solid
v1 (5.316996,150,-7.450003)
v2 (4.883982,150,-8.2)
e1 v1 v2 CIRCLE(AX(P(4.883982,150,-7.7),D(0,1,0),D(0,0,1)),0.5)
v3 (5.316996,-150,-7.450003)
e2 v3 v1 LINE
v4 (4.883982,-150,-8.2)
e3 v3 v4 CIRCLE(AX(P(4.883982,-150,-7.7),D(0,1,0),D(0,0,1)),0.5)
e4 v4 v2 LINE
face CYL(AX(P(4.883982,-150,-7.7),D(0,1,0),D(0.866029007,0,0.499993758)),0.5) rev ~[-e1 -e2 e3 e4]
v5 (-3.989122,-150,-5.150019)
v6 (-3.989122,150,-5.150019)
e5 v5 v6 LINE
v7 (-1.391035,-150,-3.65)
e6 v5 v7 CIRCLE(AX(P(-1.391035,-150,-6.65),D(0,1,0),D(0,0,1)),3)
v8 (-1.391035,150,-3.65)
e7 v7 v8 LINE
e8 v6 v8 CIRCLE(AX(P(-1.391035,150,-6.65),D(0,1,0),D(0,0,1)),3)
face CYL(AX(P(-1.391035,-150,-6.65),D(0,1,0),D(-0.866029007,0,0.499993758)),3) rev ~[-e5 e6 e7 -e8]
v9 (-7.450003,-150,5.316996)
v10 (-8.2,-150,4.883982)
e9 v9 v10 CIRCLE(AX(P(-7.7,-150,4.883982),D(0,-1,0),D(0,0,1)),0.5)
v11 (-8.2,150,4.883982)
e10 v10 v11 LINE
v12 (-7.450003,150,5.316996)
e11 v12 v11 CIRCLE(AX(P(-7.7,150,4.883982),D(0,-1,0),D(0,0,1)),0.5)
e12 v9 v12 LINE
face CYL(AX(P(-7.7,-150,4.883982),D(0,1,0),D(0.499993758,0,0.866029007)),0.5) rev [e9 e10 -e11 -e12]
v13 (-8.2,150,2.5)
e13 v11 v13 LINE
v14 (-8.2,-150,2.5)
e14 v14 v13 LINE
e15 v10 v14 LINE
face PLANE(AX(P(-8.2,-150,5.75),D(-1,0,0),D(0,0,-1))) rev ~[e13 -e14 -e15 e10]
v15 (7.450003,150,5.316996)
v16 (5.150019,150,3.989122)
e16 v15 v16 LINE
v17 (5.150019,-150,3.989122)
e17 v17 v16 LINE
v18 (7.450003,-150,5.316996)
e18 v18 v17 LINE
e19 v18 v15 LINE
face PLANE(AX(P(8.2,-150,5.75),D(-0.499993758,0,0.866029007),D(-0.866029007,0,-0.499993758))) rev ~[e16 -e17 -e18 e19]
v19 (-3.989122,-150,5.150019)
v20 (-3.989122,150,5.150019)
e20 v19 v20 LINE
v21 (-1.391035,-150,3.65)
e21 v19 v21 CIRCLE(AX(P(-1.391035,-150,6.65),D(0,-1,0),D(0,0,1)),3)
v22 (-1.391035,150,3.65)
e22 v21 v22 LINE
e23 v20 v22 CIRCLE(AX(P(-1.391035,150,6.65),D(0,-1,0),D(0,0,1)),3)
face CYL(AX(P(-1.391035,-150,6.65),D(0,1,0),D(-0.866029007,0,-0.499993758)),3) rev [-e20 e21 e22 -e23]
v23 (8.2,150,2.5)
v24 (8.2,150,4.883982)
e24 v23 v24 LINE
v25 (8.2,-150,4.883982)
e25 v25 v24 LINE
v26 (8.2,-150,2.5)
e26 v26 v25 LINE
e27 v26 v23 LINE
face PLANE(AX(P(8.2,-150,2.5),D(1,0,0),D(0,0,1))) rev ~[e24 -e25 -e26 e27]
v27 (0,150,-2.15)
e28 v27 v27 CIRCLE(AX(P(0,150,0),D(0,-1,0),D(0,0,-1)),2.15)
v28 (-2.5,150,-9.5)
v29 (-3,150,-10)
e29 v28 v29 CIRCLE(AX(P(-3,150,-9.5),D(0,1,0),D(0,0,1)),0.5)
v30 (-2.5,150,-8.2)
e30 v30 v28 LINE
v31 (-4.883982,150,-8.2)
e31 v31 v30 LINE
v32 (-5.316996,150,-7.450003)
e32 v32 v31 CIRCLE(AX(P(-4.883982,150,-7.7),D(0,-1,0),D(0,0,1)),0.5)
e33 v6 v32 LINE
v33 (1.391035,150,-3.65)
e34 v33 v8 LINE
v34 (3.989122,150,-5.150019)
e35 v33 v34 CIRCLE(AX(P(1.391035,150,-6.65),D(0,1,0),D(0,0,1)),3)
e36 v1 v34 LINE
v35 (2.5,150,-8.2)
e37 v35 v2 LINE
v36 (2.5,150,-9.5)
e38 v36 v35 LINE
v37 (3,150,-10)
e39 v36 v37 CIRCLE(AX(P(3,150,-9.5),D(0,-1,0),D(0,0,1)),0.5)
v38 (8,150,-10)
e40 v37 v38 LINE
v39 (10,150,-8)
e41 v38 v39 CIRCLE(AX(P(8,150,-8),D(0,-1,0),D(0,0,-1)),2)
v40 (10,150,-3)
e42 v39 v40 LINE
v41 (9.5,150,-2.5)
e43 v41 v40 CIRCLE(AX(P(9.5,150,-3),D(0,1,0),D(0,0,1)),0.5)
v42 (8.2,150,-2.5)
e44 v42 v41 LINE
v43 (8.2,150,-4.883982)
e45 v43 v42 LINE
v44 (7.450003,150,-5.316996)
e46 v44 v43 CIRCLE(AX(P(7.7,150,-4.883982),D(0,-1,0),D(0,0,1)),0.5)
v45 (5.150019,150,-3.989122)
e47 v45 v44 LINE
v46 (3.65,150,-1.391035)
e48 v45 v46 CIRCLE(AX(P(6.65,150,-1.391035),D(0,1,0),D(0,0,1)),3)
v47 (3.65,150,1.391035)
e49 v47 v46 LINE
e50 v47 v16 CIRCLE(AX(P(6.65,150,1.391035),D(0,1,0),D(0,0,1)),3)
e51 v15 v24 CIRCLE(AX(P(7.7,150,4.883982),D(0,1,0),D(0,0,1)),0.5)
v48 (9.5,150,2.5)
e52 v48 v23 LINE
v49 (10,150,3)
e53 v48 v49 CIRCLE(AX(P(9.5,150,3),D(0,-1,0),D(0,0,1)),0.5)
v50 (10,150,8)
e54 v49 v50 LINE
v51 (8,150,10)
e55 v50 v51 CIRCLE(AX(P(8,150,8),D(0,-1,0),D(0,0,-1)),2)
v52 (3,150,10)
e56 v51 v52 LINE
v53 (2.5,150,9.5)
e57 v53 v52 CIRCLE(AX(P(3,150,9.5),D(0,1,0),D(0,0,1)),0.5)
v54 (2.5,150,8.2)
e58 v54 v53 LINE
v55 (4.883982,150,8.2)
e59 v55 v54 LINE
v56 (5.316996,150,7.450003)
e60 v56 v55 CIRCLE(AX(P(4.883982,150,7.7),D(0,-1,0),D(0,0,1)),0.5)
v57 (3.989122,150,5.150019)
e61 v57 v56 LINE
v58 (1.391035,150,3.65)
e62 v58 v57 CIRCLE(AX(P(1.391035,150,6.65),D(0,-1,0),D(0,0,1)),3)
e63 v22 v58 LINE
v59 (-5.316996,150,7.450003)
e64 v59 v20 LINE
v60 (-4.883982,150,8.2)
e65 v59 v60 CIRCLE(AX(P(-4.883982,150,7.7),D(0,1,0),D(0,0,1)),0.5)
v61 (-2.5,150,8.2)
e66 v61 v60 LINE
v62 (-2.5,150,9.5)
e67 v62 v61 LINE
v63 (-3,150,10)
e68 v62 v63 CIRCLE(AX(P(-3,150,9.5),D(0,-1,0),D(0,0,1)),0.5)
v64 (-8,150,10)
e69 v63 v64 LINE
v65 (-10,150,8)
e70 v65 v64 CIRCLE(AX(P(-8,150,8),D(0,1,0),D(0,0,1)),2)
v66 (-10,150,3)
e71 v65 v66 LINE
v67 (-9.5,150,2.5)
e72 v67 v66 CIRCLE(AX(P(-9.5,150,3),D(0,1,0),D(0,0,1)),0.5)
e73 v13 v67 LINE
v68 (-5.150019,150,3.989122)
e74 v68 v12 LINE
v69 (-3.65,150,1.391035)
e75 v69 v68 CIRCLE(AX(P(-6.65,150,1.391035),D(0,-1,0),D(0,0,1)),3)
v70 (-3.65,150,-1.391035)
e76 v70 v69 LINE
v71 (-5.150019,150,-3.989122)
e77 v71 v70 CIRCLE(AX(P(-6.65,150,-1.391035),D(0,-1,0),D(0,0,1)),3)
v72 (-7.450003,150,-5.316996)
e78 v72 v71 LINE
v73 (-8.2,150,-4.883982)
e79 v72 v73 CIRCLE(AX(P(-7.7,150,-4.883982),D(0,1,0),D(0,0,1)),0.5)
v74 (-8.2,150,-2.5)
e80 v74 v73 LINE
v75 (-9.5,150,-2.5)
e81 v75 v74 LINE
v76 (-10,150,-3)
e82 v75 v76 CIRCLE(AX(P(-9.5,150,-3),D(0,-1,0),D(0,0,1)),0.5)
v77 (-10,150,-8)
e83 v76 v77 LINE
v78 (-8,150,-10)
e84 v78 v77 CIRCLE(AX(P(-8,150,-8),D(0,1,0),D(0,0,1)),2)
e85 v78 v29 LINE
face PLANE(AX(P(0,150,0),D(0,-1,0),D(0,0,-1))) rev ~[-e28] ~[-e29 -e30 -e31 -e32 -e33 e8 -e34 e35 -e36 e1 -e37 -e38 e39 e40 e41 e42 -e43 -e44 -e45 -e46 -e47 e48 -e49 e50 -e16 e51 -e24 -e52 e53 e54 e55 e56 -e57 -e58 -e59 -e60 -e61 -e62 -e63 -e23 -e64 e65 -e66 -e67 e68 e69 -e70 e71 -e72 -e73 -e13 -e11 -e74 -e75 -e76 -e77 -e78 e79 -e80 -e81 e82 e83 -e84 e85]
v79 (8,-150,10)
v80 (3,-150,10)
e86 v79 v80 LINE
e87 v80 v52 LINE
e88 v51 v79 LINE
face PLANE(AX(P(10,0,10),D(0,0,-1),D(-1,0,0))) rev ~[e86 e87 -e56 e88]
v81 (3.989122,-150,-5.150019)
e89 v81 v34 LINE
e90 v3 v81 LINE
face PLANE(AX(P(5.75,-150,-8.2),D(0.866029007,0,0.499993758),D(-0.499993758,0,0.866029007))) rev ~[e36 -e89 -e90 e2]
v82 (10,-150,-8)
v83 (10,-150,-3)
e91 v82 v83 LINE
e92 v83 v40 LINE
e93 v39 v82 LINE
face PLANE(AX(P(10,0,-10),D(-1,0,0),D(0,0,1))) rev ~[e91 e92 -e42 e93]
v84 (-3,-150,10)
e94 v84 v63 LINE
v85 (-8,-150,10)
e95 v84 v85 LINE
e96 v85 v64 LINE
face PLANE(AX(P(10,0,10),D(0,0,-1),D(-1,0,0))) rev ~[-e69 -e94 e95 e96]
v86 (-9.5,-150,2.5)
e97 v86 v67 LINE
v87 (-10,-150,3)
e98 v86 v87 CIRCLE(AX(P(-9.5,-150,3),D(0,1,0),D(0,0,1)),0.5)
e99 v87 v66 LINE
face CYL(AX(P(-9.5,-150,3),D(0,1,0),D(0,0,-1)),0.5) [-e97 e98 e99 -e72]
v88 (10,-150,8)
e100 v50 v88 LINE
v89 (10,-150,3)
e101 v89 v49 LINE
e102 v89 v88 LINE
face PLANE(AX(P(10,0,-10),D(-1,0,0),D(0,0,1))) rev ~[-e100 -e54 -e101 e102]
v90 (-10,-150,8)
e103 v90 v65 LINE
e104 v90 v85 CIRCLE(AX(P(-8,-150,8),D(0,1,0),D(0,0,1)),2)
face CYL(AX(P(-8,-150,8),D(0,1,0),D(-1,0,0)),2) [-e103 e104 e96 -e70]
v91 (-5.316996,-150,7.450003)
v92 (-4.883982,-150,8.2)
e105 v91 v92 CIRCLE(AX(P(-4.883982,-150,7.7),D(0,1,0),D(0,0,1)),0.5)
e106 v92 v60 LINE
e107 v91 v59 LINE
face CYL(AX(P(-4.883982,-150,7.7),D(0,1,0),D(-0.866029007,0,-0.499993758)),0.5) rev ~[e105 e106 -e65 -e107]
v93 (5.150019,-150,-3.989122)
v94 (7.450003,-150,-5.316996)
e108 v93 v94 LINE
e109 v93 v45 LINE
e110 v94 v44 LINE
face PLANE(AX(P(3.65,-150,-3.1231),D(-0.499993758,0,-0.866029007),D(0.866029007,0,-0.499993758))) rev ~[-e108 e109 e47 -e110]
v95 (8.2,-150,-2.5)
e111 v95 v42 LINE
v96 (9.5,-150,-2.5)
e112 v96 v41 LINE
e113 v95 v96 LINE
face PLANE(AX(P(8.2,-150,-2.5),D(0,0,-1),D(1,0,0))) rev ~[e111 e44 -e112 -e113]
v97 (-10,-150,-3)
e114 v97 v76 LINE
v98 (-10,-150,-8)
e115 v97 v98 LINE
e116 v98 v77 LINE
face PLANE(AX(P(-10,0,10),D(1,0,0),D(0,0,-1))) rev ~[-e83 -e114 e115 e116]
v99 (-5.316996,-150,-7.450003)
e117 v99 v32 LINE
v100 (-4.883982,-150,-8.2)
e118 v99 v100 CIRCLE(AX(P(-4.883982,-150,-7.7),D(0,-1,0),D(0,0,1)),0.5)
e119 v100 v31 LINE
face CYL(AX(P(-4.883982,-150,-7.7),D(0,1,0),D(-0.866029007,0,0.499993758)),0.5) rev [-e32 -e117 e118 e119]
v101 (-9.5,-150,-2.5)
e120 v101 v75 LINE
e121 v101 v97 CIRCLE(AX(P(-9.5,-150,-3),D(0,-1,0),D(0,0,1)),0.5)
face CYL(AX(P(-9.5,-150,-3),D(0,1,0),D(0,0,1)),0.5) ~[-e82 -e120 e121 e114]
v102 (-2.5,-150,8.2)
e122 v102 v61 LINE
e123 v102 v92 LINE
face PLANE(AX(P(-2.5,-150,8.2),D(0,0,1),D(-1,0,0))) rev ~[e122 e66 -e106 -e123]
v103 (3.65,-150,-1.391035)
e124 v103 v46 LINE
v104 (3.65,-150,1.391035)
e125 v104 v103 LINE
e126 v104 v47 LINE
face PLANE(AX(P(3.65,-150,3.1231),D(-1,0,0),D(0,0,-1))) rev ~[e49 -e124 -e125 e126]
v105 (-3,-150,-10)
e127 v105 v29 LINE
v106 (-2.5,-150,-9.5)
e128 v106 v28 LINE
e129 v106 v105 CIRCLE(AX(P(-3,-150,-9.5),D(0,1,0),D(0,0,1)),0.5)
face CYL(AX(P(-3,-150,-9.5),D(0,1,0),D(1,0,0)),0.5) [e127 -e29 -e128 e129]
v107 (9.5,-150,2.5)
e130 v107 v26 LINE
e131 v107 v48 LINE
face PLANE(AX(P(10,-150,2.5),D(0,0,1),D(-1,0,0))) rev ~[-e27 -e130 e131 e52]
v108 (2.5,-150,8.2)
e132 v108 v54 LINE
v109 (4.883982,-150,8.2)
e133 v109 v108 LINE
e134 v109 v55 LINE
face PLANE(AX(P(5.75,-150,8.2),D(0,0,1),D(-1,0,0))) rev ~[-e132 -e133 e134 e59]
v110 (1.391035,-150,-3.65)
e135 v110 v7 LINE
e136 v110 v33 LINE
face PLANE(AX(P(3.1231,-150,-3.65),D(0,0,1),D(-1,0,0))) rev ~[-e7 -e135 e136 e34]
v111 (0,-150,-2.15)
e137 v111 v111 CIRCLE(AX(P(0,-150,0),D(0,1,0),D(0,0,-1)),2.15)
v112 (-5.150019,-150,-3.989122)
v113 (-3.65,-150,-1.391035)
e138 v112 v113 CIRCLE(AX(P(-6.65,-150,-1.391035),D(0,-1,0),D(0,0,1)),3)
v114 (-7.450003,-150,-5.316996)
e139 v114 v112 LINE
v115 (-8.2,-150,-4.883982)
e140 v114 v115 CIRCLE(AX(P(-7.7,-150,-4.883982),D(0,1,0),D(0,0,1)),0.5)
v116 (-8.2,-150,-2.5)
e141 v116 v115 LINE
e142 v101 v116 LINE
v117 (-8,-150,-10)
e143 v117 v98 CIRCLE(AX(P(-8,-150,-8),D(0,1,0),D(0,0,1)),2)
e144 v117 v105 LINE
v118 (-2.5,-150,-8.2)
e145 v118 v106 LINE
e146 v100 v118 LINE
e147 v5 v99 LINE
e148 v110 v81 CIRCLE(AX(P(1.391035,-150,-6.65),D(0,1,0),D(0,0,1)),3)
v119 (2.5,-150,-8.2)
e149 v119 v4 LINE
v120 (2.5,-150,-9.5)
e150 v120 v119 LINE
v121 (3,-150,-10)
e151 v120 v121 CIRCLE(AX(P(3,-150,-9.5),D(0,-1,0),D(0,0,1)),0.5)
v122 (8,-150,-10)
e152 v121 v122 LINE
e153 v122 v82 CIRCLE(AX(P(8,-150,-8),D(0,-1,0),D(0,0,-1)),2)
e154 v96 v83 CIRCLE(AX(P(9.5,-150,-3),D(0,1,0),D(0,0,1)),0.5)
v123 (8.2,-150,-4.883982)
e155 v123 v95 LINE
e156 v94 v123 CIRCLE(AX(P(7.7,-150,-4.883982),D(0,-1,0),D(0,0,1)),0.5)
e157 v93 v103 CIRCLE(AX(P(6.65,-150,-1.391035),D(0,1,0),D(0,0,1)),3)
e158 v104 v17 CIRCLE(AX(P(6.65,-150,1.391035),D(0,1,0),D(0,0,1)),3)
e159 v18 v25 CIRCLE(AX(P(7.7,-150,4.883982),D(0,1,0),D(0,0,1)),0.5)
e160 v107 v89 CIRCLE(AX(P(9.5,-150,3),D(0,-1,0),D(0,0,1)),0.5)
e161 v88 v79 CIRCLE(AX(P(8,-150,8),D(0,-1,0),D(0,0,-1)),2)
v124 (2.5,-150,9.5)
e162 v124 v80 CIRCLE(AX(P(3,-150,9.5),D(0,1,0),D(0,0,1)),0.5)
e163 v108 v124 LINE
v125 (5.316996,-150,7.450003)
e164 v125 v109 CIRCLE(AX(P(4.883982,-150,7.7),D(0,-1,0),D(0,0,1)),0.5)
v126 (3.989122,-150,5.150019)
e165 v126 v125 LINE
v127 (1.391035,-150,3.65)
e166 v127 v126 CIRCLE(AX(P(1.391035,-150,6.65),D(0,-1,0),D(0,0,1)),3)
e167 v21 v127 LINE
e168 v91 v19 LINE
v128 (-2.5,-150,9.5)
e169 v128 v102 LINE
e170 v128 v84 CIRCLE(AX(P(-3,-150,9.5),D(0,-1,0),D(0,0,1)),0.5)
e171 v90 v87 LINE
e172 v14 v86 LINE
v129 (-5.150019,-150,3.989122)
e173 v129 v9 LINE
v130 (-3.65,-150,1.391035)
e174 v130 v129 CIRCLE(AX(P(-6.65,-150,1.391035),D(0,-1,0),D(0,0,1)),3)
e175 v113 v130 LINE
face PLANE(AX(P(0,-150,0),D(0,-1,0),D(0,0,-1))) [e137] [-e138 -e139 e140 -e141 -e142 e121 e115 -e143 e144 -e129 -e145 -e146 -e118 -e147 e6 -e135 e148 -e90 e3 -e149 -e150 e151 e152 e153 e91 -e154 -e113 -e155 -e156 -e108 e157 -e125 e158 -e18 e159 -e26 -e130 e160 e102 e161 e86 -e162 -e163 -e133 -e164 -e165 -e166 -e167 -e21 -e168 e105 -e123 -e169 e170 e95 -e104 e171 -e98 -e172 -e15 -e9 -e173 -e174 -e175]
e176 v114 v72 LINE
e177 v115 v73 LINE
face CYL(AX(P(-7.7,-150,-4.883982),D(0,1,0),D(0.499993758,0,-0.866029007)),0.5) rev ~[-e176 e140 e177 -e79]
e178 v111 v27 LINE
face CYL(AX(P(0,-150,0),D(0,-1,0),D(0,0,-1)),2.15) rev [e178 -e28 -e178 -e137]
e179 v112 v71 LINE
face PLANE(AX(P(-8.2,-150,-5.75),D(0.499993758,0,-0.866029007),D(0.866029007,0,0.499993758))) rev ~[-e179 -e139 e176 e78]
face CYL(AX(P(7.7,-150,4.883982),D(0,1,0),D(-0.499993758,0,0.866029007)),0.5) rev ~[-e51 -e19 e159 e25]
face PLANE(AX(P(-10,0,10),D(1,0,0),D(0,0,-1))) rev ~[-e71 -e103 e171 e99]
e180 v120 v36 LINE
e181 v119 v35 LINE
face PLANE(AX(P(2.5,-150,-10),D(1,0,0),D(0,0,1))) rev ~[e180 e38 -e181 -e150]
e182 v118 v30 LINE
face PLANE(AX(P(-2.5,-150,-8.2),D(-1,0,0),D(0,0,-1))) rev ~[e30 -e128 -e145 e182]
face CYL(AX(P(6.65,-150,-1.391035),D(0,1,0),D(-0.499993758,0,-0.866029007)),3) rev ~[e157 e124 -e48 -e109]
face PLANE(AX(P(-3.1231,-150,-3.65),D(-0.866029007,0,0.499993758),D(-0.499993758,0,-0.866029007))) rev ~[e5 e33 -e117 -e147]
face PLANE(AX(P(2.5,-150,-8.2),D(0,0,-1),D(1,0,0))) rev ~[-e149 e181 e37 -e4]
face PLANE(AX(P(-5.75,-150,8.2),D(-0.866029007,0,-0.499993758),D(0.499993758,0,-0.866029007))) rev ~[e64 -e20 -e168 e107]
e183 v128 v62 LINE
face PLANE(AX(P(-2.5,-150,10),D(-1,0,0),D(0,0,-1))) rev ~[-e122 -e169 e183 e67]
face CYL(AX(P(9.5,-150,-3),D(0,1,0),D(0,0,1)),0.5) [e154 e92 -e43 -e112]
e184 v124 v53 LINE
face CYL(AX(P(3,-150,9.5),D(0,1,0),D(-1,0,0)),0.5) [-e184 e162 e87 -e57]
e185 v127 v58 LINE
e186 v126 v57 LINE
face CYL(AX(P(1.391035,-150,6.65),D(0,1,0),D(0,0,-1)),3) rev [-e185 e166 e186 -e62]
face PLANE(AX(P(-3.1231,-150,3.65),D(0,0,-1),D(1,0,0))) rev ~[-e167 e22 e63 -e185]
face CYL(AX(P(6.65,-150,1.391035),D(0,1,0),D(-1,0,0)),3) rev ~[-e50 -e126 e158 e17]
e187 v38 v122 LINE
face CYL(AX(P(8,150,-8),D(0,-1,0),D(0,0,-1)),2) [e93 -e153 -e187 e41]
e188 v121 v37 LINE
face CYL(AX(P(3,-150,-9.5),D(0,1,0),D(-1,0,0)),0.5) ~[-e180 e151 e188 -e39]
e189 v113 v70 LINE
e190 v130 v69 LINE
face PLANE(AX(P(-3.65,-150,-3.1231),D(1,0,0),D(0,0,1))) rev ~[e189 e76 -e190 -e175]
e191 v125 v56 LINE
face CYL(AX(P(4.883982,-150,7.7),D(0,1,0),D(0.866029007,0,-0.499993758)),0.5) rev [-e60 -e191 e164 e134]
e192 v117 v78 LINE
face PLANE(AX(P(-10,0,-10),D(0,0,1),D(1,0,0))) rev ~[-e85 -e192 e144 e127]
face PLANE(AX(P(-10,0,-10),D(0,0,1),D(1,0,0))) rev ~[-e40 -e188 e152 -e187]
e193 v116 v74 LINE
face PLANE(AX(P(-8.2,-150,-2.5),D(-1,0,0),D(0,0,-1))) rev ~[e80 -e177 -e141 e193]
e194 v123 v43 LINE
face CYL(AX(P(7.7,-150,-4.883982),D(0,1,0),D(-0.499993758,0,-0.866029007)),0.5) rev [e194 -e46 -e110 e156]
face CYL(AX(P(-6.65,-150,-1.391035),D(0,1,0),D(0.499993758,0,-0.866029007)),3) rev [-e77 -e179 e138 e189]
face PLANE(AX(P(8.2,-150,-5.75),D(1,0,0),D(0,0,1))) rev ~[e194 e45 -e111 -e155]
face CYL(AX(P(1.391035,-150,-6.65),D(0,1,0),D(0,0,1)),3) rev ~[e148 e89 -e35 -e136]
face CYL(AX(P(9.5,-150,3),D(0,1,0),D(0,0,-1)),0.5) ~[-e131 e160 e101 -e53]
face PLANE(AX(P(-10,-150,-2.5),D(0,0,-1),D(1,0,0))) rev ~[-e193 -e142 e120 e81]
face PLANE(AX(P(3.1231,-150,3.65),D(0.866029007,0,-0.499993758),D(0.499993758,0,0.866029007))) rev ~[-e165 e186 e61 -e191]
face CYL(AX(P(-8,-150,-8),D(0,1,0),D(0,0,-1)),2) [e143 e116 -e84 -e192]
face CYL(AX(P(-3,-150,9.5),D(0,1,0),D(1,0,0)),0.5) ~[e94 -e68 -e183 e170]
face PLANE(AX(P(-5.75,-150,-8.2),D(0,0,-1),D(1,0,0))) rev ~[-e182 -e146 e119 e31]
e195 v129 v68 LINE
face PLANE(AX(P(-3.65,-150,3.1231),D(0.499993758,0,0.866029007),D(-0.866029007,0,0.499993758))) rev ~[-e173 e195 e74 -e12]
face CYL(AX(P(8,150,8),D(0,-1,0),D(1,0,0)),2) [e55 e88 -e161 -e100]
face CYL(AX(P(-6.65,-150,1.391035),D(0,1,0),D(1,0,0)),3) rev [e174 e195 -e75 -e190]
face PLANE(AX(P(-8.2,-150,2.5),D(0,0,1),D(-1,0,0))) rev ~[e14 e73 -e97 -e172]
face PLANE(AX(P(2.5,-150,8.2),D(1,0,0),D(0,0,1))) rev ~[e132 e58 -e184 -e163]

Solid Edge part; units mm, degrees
sketch "Sketch1" plane through (0, 0, 0) normal (0, -1, 0) x (1, 0, 0)
  line L0 (-10, -10) -> (10, -10)
  line L1 (10, -10) -> (10, 10)
  line L2 (10, 10) -> (-10, 10)
  line L3 (-10, 10) -> (-10, -10)
  dimension "D1" = 20
  dimension "D2" = 20
extrude "Protrusion1" add sketch "Sketch1" along normal mid plane 300
sketch "Sketch2" plane through (0, -150, 0) normal (0, -1, 0) x (1, 0, 0)
  line L0 (-2.5, 10) -> (-2.5, 8.2)
  line L1 (-2.5, 8.2) -> (-5.75, 8.2)
  line L2 (-5.75, 8.2) -> (-3.1231, 3.65)
  line L3 (-3.1231, 3.65) -> (3.1231, 3.65)
  line L4 (3.1231, 3.65) -> (5.75, 8.2)
  line L5 (5.75, 8.2) -> (2.5, 8.2)
  line L6 (2.5, 8.2) -> (2.5, 10)
  line L7 (2.5, 10) -> (-2.5, 10)
  dimension "D1" = 11.5
  dimension "D2" = 1.8
  dimension "D3" = 5
  dimension "D4" = 6.35
extrude "Cutout1" cut sketch "Sketch2" against normal through all
fillet "Verrundung_1" radius 2 4 edges at (10, 0, 10) (-10, 0, 10) (10, 0, -10) (-10, 0, -10)
fillet "Verrundung_2" radius 3 2 edges at (-3.1231, 0, 3.65) (3.1231, 0, 3.65)
fillet "Verrundung_3" radius 0.5 4 edges at (-5.75, 0, 8.2) (5.75, 0, 8.2) (-2.5, 0, 10) (2.5, 0, 10)
hole "Bohrung_1" at (0, -150, 0) direction (0, 1, 0) diameter 4.3 end up to next
pattern_circular "Pattern1" count 4 over 360 about axis through (0, -150, 0) along (0, -1, 0) of "Cutout1"
fillet "Round1" radius 3 2 edges at (-3.65, 0, -3.1231) (-3.65, 0, 3.1231)
fillet "Round2" radius 0.5 4 edges at (-8.2, 0, -5.75) (-8.2, 0, 5.75) (-10, 0, -2.5) (-10, 0, 2.5)
fillet "Round3" radius 3 2 edges at (3.1231, 0, -3.65) (-3.1231, 0, -3.65)
fillet "Round4" radius 0.5 4 edges at (5.75, 0, -8.2) (-5.75, 0, -8.2) (2.5, 0, -10) (-2.5, 0, -10)
fillet "Round5" radius 3 2 edges at (3.65, 0, 3.1231) (3.65, 0, -3.1231)
fillet "Round6" radius 0.5 4 edges at (8.2, 0, 5.75) (8.2, 0, -5.75) (10, 0, 2.5) (10, 0, -2.5)
